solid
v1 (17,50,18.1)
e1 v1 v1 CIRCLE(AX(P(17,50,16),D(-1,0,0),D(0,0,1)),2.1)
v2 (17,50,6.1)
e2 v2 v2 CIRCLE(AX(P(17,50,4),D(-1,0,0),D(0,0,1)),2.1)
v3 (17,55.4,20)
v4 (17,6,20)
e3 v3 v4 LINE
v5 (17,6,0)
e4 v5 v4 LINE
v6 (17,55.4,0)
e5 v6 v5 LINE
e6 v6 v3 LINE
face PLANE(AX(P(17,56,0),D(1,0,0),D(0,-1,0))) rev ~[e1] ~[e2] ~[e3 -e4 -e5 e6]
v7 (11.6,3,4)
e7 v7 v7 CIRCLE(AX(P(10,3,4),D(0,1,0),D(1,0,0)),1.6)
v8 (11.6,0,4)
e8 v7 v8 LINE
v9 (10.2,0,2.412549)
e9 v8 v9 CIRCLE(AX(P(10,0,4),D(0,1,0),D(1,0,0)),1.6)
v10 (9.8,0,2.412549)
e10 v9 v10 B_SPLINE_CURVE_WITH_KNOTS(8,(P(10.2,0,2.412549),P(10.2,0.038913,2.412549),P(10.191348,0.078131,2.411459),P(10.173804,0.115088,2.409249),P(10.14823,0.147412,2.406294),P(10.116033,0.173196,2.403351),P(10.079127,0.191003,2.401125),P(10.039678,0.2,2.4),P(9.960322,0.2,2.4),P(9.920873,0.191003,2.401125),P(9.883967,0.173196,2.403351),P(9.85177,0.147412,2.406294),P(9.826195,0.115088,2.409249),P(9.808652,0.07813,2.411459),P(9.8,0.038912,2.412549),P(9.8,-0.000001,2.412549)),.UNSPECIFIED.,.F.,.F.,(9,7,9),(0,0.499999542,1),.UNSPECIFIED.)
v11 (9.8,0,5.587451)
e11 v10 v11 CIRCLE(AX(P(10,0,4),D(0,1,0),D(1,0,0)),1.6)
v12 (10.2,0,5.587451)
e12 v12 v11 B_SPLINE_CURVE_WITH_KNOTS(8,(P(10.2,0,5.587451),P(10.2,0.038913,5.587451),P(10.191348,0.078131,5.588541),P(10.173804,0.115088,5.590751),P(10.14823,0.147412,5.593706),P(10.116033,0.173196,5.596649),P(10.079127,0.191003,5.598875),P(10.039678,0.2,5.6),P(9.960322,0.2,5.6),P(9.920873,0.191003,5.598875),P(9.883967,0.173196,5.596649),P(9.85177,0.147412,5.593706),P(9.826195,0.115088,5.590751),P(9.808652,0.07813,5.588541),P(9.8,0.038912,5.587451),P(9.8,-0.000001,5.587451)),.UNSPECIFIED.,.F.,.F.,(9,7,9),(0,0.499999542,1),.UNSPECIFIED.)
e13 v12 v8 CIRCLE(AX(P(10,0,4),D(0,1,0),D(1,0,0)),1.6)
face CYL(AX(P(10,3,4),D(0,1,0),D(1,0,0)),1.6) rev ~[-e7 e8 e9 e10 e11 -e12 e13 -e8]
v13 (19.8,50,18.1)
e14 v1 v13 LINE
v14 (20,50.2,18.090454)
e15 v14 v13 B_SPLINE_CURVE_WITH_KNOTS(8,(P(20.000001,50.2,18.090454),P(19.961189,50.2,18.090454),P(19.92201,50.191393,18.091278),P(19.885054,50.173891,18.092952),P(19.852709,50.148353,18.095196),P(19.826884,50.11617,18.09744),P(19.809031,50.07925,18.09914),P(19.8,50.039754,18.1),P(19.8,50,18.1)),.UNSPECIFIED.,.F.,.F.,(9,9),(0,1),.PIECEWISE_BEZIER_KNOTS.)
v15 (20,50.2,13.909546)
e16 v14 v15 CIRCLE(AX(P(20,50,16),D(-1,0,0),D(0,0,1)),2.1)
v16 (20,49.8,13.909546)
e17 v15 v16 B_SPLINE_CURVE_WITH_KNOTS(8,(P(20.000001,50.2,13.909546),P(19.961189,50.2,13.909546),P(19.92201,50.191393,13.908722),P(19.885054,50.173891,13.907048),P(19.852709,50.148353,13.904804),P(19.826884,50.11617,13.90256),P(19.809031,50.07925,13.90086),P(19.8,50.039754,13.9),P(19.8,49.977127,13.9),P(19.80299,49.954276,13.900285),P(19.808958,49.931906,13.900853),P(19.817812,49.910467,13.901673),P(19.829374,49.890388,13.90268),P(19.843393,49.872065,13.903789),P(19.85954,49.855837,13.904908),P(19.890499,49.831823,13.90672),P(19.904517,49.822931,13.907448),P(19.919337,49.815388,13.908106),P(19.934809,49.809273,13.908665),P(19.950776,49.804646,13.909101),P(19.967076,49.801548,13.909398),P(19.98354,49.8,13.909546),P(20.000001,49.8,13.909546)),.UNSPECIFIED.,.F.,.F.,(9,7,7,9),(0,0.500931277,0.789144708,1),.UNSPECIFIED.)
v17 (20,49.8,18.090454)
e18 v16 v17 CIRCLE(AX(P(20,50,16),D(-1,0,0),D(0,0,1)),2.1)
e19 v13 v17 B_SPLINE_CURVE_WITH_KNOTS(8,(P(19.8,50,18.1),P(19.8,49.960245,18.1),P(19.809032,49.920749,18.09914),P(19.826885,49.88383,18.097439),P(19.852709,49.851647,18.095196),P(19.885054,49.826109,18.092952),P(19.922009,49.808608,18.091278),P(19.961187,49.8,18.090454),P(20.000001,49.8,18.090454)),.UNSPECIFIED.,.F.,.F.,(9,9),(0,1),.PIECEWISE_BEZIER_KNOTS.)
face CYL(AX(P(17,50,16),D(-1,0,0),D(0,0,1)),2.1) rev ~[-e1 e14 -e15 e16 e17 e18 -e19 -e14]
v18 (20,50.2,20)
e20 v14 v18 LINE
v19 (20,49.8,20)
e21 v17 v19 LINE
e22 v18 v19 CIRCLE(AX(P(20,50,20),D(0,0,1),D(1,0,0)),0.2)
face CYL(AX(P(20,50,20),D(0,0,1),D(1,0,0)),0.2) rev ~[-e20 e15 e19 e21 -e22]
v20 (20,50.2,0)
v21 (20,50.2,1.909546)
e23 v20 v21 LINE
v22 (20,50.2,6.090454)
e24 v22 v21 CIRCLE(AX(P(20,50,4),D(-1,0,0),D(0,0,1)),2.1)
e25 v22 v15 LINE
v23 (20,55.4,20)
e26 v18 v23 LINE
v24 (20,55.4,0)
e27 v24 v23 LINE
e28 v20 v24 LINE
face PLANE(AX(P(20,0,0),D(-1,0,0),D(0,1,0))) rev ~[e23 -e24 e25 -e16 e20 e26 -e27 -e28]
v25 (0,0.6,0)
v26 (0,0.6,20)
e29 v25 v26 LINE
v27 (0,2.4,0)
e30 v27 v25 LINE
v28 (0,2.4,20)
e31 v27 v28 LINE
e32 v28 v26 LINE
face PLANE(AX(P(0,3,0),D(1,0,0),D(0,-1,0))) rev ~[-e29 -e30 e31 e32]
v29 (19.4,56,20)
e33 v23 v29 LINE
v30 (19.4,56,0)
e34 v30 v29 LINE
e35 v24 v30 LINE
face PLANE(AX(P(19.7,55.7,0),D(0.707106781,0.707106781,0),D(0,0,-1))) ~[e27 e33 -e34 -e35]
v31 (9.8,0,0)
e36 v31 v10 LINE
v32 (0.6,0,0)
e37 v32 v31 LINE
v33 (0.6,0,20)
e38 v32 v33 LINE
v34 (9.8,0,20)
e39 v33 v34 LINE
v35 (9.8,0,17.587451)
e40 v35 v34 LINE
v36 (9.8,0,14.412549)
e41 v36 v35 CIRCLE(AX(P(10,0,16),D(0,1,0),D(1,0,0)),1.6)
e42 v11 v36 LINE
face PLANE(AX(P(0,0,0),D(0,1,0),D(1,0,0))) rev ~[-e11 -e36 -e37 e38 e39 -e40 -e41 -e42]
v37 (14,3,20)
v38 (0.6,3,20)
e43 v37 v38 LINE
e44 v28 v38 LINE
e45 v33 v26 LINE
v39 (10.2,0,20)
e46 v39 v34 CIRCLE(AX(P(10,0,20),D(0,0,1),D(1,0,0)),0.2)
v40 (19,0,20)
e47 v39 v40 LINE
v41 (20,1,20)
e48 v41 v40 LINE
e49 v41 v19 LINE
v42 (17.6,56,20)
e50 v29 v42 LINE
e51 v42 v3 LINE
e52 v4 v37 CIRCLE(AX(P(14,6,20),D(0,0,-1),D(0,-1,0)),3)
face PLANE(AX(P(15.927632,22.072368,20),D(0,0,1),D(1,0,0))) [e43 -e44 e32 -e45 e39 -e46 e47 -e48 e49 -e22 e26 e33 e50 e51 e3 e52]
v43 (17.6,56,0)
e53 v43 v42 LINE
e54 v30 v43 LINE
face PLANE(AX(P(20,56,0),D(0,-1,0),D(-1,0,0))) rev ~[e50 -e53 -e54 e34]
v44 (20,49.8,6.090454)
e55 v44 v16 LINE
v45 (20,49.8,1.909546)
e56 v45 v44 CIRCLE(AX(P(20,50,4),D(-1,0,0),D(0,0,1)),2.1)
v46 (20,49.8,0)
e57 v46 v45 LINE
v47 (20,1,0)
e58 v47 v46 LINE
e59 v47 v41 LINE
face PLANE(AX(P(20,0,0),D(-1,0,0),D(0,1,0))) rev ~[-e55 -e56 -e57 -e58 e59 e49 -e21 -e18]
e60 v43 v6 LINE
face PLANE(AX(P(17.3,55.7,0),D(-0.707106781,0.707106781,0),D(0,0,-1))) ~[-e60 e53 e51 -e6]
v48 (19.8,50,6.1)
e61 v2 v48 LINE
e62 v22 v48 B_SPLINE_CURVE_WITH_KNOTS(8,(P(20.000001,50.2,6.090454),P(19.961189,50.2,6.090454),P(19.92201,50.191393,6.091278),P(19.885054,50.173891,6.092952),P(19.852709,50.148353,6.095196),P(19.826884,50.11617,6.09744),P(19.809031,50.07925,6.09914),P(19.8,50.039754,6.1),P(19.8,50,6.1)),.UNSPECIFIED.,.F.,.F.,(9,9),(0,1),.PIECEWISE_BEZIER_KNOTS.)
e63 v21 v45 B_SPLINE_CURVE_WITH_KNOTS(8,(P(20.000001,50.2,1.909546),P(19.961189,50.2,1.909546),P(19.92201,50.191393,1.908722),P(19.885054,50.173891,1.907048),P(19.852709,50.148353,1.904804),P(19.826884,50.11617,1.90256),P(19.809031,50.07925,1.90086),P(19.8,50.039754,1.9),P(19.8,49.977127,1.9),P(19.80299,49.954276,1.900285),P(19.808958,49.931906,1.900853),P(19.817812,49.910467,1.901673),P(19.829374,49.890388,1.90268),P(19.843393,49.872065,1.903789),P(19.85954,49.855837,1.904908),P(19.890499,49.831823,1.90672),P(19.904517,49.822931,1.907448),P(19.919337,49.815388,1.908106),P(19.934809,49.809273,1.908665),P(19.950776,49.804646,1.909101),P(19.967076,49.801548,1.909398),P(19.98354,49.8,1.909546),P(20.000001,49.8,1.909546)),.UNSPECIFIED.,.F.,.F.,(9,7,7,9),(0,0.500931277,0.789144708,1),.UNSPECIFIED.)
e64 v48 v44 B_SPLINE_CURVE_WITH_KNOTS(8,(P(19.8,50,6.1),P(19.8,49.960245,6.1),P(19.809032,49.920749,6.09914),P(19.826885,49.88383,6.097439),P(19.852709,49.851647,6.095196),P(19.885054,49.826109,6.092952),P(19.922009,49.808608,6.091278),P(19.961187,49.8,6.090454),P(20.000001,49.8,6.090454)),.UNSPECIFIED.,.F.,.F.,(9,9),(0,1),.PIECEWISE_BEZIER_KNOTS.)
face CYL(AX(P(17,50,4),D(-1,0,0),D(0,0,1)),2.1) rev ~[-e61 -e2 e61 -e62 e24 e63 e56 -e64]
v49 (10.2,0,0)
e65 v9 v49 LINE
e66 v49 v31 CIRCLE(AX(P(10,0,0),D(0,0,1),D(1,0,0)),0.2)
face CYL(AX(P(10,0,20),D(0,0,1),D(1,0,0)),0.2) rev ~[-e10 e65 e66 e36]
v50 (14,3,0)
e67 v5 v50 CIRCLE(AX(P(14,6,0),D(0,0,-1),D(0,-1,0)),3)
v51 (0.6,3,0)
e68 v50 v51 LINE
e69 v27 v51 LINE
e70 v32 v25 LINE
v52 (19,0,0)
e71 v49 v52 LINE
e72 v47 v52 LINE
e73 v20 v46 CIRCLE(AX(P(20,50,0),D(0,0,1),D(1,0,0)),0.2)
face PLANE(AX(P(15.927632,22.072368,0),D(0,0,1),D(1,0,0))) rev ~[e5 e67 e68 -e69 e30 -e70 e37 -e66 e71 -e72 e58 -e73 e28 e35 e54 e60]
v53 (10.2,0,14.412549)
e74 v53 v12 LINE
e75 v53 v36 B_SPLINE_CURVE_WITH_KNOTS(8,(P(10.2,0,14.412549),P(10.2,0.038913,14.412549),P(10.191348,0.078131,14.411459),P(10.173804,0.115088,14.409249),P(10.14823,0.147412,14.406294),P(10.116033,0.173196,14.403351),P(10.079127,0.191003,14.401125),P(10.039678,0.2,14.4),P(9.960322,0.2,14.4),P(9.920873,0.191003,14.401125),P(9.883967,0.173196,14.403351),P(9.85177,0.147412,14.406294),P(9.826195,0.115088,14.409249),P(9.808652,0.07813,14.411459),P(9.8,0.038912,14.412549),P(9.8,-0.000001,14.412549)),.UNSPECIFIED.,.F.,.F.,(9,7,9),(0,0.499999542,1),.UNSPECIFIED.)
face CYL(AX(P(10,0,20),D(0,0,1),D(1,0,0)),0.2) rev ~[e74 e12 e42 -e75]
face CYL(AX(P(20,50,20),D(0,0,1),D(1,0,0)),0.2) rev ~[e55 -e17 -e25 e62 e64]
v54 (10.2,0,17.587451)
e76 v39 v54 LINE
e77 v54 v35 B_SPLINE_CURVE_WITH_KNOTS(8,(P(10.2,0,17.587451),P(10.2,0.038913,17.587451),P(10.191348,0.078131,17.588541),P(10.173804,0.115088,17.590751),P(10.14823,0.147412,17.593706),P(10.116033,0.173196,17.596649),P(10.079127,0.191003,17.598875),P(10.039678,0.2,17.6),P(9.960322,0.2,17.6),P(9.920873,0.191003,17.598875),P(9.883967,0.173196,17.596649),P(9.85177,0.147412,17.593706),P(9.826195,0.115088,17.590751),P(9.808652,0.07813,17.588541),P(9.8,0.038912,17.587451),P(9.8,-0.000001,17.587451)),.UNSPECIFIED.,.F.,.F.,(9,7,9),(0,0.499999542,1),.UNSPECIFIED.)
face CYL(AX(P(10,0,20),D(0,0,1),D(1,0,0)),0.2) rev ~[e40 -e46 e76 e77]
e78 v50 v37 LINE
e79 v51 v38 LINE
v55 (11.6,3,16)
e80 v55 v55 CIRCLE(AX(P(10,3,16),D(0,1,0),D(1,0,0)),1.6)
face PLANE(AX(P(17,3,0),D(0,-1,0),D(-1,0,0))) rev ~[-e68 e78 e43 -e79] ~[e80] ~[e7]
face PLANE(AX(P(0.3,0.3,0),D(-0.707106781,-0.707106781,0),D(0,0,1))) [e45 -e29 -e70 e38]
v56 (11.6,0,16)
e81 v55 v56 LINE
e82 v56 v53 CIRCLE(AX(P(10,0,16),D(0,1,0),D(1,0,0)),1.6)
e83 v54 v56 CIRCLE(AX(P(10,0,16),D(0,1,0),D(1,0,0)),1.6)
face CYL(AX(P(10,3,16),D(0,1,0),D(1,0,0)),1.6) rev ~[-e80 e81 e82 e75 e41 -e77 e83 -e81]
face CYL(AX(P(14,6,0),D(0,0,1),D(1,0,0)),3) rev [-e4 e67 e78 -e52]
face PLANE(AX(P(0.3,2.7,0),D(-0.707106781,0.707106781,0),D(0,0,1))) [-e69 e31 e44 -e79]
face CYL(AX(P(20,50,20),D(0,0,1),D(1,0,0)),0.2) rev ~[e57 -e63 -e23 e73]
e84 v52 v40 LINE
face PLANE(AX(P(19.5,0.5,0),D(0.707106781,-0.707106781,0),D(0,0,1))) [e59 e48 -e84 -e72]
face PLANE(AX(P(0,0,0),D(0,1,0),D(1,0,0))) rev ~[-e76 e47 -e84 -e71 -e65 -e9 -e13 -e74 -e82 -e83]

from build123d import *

# Parameters (mm, degrees)
EXTRUDE_1_DEPTH     = 20
FILLET_1_R          = 3
SKETCH_2_R          = 2.1
CUT_EXTRUDE_1_DEPTH = 20
SKETCH_3_R          = 1.6
CUT_EXTRUDE_2_DEPTH = 20
CHAMFER_1_SIZE      = 1
CHAMFER_2_SIZE      = 0.6
SKETCH_4_R          = 0.2
CUT_EXTRUDE_3_DEPTH = 32


with BuildPart() as part:
    # 草图1 → 凸台-拉伸1 (new body)
    with BuildSketch(Plane.XY):
        Polygon((0, 0), (20, 0), (20, 56), (17, 56), (17, 3), (0, 3), align=None)
    extrude(amount=EXTRUDE_1_DEPTH)

    # 圆角1
    fillet_1_edges = [part.edges().sort_by_distance(p)[0] for p in [
        (17, 3, 10),
    ]]
    fillet(fillet_1_edges, radius=FILLET_1_R)

    # 草图2 → 切除-拉伸1 (cut)
    with BuildSketch(Plane.ZY.offset(-17)):
        with Locations((4, 50)):
            Circle(SKETCH_2_R)
        with Locations((16, 50)):
            Circle(SKETCH_2_R)
    extrude(amount=-CUT_EXTRUDE_1_DEPTH, mode=Mode.SUBTRACT)

    # 草图3 → 切除-拉伸2 (cut)
    with BuildSketch(Plane(origin=(0, 3, 0), x_dir=(1, 0, 0), z_dir=(0, 1, 0))):
        with Locations((10, -4)):
            Circle(SKETCH_3_R)
        with Locations((10, -16)):
            Circle(SKETCH_3_R)
    extrude(amount=-CUT_EXTRUDE_2_DEPTH, mode=Mode.SUBTRACT)

    # 倒角1
    chamfer_1_edges = [part.edges().sort_by_distance(p)[0] for p in [
        (20, 0, 10),
    ]]
    chamfer(chamfer_1_edges, length=CHAMFER_1_SIZE)

    # 倒角2
    chamfer_2_edges = [part.edges().sort_by_distance(p)[0] for p in [
        (0, 3, 10),
        (17, 56, 10),
        (20, 56, 10),
        (0, 0, 10),
    ]]
    chamfer(chamfer_2_edges, length=CHAMFER_2_SIZE)

    # 草图4 → 切除-拉伸3 (cut)
    with BuildSketch(Plane.XY.offset(20)):
        with Locations((10, 0)):
            Circle(SKETCH_4_R)
        with Locations((20, 50)):
            Circle(SKETCH_4_R)
    extrude(amount=-CUT_EXTRUDE_3_DEPTH, mode=Mode.SUBTRACT)


solid = part.part
